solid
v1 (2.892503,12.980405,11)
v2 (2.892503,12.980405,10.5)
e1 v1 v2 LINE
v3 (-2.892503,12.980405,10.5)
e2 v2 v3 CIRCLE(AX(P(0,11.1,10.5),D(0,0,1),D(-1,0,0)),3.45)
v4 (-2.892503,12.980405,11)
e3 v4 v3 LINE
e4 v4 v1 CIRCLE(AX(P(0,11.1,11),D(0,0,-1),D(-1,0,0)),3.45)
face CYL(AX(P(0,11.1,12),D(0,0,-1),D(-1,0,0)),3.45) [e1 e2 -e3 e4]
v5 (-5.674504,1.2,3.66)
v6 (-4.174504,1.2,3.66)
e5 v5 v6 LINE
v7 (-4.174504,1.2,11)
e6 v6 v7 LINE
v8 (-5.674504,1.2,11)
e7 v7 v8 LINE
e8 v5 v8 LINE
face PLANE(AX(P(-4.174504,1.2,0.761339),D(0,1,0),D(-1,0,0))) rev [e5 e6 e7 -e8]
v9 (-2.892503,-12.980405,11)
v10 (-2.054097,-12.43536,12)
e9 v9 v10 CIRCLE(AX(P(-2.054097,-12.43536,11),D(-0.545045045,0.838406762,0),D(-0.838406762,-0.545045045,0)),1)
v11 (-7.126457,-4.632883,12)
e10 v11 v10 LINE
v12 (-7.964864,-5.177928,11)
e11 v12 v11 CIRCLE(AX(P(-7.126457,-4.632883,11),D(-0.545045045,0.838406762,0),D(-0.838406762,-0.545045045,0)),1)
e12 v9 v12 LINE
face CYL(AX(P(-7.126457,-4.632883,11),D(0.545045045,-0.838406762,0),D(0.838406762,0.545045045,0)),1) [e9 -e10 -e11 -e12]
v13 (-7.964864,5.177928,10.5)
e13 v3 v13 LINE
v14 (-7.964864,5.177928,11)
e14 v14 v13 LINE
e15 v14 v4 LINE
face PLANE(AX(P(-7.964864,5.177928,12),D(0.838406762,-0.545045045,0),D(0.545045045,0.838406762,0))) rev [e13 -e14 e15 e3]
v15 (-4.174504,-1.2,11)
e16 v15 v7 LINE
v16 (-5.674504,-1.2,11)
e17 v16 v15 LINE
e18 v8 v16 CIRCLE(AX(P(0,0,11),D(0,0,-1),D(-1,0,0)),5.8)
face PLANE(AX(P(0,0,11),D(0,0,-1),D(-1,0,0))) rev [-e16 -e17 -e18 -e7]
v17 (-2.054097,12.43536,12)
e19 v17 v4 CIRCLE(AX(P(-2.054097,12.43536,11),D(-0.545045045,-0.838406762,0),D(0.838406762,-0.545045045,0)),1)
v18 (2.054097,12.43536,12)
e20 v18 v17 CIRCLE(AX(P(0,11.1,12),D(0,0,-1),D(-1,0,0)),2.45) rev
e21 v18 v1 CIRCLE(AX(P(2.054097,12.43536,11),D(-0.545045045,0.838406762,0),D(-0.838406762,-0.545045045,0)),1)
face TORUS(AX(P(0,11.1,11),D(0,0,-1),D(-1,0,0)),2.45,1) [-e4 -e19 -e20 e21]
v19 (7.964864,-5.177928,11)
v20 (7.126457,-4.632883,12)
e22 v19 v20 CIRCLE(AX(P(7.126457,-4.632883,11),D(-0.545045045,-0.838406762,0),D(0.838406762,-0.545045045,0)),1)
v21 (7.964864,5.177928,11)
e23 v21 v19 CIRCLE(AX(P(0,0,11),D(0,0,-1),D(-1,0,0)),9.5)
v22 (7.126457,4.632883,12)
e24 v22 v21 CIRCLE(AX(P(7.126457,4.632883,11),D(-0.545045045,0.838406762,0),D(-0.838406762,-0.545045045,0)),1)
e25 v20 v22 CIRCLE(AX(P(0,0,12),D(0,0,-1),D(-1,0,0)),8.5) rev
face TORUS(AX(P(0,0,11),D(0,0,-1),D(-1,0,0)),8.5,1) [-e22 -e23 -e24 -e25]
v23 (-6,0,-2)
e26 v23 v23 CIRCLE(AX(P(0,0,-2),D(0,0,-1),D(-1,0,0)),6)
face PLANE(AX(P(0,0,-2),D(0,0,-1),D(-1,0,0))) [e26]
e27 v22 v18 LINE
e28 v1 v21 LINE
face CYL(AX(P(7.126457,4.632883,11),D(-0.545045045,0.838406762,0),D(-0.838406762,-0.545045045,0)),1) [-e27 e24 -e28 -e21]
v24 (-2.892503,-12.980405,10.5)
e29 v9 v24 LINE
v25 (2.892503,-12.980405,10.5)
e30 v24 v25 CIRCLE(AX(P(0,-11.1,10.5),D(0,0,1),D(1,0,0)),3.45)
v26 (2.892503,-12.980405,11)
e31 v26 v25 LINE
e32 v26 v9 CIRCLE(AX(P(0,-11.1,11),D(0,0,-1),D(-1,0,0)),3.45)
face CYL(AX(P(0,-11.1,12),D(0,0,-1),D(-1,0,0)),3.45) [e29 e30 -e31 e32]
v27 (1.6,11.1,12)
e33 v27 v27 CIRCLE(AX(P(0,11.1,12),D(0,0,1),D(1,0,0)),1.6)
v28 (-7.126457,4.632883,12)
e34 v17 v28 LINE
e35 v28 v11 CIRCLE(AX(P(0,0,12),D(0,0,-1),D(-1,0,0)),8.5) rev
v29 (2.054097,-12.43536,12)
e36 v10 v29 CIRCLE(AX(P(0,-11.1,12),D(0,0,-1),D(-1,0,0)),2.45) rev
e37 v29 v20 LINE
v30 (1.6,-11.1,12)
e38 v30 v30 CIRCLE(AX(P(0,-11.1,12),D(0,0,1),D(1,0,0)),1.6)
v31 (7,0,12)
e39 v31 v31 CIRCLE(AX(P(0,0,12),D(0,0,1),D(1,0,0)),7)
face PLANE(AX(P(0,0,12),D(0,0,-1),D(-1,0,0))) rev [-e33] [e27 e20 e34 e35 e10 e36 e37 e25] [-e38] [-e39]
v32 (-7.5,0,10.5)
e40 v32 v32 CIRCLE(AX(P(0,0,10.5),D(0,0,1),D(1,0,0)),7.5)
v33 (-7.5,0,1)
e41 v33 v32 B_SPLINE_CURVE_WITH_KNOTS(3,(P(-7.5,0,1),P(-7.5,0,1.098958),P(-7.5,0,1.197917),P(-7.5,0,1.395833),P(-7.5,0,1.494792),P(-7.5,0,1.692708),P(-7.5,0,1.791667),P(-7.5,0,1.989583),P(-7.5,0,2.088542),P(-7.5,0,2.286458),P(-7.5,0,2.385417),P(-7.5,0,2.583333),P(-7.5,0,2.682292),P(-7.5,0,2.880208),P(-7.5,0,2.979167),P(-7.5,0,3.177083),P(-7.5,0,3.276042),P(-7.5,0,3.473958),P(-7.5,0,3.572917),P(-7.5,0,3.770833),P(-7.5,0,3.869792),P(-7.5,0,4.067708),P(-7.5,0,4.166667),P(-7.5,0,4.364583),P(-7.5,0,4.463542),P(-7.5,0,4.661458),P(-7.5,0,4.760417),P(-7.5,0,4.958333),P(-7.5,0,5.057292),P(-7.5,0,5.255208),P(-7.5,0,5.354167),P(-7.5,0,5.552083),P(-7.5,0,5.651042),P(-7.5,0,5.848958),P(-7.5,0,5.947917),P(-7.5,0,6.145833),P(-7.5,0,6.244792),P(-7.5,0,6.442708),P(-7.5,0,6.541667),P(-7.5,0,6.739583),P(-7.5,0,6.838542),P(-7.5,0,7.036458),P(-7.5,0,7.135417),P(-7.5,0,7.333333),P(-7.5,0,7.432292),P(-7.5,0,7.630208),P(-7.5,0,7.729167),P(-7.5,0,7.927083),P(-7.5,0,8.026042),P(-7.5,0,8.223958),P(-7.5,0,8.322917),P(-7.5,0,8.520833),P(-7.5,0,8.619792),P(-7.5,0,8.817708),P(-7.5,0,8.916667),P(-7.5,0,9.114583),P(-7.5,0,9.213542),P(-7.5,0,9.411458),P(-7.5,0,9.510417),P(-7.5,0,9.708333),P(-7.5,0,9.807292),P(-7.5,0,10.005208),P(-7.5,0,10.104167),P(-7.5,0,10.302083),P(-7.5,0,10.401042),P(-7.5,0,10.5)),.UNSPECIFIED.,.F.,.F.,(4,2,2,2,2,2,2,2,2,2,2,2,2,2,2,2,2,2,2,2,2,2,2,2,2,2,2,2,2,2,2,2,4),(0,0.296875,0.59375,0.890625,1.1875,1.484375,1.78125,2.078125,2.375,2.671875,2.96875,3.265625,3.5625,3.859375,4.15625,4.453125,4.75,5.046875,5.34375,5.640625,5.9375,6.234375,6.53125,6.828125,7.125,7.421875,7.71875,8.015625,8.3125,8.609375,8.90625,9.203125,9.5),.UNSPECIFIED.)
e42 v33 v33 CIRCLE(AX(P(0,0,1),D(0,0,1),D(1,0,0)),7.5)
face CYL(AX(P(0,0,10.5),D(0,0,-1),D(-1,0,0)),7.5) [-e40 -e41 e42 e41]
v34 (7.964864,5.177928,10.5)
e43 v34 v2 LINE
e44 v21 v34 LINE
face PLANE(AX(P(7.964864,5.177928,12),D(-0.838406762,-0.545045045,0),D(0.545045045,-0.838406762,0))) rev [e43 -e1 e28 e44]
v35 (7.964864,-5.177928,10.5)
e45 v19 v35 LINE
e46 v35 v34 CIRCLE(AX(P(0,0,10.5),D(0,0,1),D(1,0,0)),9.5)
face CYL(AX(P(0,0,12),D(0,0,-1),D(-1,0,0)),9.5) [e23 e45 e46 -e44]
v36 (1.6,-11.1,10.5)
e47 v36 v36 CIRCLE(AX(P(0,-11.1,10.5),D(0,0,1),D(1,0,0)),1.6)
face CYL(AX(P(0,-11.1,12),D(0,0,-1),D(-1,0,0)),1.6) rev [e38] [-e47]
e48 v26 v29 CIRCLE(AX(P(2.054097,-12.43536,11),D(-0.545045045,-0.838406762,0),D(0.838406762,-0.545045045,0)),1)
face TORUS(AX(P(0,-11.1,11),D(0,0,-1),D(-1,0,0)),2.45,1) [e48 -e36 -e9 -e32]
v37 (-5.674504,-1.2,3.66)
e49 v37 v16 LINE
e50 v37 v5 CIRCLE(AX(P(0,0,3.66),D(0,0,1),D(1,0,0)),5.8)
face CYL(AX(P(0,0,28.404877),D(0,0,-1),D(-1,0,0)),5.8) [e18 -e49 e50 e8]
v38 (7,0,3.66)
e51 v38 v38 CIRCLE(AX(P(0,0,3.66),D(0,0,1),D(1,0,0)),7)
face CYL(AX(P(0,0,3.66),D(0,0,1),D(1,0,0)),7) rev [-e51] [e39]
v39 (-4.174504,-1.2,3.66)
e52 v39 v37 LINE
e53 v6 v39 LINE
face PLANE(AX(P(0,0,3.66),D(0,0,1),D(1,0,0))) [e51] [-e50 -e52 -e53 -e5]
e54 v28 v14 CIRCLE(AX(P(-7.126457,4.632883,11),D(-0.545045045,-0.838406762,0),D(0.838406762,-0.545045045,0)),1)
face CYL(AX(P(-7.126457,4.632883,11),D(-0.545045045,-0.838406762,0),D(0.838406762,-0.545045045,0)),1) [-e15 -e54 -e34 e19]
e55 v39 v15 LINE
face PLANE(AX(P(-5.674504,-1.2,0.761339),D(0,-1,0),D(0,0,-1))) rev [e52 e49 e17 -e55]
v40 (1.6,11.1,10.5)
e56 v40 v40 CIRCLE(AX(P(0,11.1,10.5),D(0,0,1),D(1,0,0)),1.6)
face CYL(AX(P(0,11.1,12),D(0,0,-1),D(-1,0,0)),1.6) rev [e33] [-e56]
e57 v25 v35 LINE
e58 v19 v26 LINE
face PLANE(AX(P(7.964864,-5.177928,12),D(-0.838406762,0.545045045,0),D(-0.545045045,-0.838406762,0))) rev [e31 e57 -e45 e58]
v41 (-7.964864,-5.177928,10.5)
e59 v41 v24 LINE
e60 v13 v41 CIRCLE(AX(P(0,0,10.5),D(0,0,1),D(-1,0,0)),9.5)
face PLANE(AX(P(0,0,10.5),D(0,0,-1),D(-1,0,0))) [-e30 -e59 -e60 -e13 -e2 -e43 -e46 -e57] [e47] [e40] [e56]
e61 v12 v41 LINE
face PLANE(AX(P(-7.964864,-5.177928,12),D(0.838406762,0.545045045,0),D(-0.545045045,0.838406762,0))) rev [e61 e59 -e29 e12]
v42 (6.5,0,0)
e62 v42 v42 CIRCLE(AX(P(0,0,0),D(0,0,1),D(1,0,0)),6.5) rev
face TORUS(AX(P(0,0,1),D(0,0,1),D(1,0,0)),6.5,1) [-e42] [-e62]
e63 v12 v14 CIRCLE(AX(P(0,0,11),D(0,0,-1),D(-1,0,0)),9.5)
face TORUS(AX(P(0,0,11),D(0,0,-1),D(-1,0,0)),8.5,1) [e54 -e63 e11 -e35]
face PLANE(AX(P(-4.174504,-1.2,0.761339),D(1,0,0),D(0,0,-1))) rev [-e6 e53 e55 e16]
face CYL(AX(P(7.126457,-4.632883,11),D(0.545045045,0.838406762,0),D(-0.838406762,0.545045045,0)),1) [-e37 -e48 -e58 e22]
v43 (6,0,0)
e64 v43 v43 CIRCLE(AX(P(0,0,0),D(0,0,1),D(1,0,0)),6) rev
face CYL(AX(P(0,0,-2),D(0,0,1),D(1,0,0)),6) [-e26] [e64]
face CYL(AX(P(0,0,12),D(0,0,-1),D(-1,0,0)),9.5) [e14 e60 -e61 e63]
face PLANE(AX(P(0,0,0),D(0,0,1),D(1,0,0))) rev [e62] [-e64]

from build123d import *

# Parameters (mm, degrees)
SKETCH1_R           = 7.5
BOSS_EXTRUDE1_DEPTH = 10.5
FILLET1_R           = 1
SKETCH2_R           = 6
BOSS_EXTRUDE2_DEPTH = 2
SKETCH3_R           = 1.6
BOSS_EXTRUDE3_DEPTH = 1.5
FILLET2_R           = 1
SKETCH4_R           = 7
CUT_EXTRUDE1_DEPTH  = 8.34
SKETCH5_R           = 5.8
BOSS_EXTRUDE4_DEPTH = 7.34
CUT_EXTRUDE2_START  = -7.34
CUT_EXTRUDE2_DEPTH  = 7.34


with BuildPart() as part:
    # Sketch1 → Boss-Extrude1 (new body)
    with BuildSketch(Plane.XY):
        with Locations(Location((0, 0, 0), (0, 0, 180))):
            Circle(SKETCH1_R)
    extrude(amount=BOSS_EXTRUDE1_DEPTH)

    # Fillet1
    fillet1_edges = [part.edges().sort_by_distance(p)[0] for p in [
        (7.5, 0, 0),
    ]]
    fillet(fillet1_edges, radius=FILLET1_R)

    # Sketch2 → Boss-Extrude2 (add)
    with BuildSketch(Plane(origin=(0, 0, 0), x_dir=(-1, 0, 0), z_dir=(0, 0, -1))):
        with Locations(Location((0, 0, 0), (0, 0, 180))):
            Circle(SKETCH2_R)
    extrude(amount=BOSS_EXTRUDE2_DEPTH)

    # Sketch3 → Boss-Extrude3 (add)
    with BuildSketch(Plane.XY.offset(10.5)):
        with BuildLine():
            Line((-7.964864241, 5.177927928), (-2.89250333, 12.980405405))
            ThreePointArc((-2.89250333, 12.980405405), (0, 14.55), (2.89250333, 12.980405405))
            Line((2.89250333, 12.980405405), (7.964864241, 5.177927928))
            ThreePointArc((7.964864241, 5.177927928), (9.5, 0), (7.964864241, -5.177927928))
            Line((7.964864241, -5.177927928), (2.89250333, -12.980405405))
            ThreePointArc((2.89250333, -12.980405405), (0, -14.55), (-2.89250333, -12.980405405))
            Line((-2.89250333, -12.980405405), (-7.964864241, -5.177927928))
            ThreePointArc((-7.964864241, -5.177927928), (-9.5, 0), (-7.964864241, 5.177927928))
        make_face()
        with Locations((0, -11.1)):
            Circle(SKETCH3_R, mode=Mode.SUBTRACT)
        with Locations((0, 11.1)):
            Circle(SKETCH3_R, mode=Mode.SUBTRACT)
    extrude(amount=BOSS_EXTRUDE3_DEPTH)

    # Fillet2
    fillet2_edges = [part.edges().sort_by_distance(p)[0] for p in [
        (-9.5, 0, 12),
        (-5.428683785, -9.079166667, 12),
        (0, -14.55, 12),
        (5.428683785, -9.079166667, 12),
        (9.5, 0, 12),
        (5.428683785, 9.079166667, 12),
        (0, 14.55, 12),
        (-5.428683785, 9.079166667, 12),
    ]]
    fillet(fillet2_edges, radius=FILLET2_R)

    # Sketch4 → Cut-Extrude1 (cut)
    with BuildSketch(Plane.XY.offset(12)):
        Circle(SKETCH4_R)
    extrude(amount=-CUT_EXTRUDE1_DEPTH, mode=Mode.SUBTRACT)

    # Sketch5 → Boss-Extrude4 (add)
    with BuildSketch(Plane.XY.offset(3.66)):
        with Locations(Location((0, 0, 0), (0, 0, 180))):
            Circle(SKETCH5_R)
    extrude(amount=BOSS_EXTRUDE4_DEPTH)

    # Sketch6 → Cut-Extrude2 (cut)
    with BuildSketch(Plane.XY.offset(11).offset(CUT_EXTRUDE2_START)):
        with BuildLine():
            Line((-5.674504384, -1.2), (-4.174504384, -1.2))
            Line((-4.174504384, -1.2), (-4.174504384, 1.2))
            Line((-4.174504384, 1.2), (-5.674504384, 1.2))
            ThreePointArc((-5.674504384, 1.2), (-5.8, 0), (-5.674504384, -1.2))
        make_face()
    extrude(amount=CUT_EXTRUDE2_DEPTH, mode=Mode.SUBTRACT)


solid = part.part
